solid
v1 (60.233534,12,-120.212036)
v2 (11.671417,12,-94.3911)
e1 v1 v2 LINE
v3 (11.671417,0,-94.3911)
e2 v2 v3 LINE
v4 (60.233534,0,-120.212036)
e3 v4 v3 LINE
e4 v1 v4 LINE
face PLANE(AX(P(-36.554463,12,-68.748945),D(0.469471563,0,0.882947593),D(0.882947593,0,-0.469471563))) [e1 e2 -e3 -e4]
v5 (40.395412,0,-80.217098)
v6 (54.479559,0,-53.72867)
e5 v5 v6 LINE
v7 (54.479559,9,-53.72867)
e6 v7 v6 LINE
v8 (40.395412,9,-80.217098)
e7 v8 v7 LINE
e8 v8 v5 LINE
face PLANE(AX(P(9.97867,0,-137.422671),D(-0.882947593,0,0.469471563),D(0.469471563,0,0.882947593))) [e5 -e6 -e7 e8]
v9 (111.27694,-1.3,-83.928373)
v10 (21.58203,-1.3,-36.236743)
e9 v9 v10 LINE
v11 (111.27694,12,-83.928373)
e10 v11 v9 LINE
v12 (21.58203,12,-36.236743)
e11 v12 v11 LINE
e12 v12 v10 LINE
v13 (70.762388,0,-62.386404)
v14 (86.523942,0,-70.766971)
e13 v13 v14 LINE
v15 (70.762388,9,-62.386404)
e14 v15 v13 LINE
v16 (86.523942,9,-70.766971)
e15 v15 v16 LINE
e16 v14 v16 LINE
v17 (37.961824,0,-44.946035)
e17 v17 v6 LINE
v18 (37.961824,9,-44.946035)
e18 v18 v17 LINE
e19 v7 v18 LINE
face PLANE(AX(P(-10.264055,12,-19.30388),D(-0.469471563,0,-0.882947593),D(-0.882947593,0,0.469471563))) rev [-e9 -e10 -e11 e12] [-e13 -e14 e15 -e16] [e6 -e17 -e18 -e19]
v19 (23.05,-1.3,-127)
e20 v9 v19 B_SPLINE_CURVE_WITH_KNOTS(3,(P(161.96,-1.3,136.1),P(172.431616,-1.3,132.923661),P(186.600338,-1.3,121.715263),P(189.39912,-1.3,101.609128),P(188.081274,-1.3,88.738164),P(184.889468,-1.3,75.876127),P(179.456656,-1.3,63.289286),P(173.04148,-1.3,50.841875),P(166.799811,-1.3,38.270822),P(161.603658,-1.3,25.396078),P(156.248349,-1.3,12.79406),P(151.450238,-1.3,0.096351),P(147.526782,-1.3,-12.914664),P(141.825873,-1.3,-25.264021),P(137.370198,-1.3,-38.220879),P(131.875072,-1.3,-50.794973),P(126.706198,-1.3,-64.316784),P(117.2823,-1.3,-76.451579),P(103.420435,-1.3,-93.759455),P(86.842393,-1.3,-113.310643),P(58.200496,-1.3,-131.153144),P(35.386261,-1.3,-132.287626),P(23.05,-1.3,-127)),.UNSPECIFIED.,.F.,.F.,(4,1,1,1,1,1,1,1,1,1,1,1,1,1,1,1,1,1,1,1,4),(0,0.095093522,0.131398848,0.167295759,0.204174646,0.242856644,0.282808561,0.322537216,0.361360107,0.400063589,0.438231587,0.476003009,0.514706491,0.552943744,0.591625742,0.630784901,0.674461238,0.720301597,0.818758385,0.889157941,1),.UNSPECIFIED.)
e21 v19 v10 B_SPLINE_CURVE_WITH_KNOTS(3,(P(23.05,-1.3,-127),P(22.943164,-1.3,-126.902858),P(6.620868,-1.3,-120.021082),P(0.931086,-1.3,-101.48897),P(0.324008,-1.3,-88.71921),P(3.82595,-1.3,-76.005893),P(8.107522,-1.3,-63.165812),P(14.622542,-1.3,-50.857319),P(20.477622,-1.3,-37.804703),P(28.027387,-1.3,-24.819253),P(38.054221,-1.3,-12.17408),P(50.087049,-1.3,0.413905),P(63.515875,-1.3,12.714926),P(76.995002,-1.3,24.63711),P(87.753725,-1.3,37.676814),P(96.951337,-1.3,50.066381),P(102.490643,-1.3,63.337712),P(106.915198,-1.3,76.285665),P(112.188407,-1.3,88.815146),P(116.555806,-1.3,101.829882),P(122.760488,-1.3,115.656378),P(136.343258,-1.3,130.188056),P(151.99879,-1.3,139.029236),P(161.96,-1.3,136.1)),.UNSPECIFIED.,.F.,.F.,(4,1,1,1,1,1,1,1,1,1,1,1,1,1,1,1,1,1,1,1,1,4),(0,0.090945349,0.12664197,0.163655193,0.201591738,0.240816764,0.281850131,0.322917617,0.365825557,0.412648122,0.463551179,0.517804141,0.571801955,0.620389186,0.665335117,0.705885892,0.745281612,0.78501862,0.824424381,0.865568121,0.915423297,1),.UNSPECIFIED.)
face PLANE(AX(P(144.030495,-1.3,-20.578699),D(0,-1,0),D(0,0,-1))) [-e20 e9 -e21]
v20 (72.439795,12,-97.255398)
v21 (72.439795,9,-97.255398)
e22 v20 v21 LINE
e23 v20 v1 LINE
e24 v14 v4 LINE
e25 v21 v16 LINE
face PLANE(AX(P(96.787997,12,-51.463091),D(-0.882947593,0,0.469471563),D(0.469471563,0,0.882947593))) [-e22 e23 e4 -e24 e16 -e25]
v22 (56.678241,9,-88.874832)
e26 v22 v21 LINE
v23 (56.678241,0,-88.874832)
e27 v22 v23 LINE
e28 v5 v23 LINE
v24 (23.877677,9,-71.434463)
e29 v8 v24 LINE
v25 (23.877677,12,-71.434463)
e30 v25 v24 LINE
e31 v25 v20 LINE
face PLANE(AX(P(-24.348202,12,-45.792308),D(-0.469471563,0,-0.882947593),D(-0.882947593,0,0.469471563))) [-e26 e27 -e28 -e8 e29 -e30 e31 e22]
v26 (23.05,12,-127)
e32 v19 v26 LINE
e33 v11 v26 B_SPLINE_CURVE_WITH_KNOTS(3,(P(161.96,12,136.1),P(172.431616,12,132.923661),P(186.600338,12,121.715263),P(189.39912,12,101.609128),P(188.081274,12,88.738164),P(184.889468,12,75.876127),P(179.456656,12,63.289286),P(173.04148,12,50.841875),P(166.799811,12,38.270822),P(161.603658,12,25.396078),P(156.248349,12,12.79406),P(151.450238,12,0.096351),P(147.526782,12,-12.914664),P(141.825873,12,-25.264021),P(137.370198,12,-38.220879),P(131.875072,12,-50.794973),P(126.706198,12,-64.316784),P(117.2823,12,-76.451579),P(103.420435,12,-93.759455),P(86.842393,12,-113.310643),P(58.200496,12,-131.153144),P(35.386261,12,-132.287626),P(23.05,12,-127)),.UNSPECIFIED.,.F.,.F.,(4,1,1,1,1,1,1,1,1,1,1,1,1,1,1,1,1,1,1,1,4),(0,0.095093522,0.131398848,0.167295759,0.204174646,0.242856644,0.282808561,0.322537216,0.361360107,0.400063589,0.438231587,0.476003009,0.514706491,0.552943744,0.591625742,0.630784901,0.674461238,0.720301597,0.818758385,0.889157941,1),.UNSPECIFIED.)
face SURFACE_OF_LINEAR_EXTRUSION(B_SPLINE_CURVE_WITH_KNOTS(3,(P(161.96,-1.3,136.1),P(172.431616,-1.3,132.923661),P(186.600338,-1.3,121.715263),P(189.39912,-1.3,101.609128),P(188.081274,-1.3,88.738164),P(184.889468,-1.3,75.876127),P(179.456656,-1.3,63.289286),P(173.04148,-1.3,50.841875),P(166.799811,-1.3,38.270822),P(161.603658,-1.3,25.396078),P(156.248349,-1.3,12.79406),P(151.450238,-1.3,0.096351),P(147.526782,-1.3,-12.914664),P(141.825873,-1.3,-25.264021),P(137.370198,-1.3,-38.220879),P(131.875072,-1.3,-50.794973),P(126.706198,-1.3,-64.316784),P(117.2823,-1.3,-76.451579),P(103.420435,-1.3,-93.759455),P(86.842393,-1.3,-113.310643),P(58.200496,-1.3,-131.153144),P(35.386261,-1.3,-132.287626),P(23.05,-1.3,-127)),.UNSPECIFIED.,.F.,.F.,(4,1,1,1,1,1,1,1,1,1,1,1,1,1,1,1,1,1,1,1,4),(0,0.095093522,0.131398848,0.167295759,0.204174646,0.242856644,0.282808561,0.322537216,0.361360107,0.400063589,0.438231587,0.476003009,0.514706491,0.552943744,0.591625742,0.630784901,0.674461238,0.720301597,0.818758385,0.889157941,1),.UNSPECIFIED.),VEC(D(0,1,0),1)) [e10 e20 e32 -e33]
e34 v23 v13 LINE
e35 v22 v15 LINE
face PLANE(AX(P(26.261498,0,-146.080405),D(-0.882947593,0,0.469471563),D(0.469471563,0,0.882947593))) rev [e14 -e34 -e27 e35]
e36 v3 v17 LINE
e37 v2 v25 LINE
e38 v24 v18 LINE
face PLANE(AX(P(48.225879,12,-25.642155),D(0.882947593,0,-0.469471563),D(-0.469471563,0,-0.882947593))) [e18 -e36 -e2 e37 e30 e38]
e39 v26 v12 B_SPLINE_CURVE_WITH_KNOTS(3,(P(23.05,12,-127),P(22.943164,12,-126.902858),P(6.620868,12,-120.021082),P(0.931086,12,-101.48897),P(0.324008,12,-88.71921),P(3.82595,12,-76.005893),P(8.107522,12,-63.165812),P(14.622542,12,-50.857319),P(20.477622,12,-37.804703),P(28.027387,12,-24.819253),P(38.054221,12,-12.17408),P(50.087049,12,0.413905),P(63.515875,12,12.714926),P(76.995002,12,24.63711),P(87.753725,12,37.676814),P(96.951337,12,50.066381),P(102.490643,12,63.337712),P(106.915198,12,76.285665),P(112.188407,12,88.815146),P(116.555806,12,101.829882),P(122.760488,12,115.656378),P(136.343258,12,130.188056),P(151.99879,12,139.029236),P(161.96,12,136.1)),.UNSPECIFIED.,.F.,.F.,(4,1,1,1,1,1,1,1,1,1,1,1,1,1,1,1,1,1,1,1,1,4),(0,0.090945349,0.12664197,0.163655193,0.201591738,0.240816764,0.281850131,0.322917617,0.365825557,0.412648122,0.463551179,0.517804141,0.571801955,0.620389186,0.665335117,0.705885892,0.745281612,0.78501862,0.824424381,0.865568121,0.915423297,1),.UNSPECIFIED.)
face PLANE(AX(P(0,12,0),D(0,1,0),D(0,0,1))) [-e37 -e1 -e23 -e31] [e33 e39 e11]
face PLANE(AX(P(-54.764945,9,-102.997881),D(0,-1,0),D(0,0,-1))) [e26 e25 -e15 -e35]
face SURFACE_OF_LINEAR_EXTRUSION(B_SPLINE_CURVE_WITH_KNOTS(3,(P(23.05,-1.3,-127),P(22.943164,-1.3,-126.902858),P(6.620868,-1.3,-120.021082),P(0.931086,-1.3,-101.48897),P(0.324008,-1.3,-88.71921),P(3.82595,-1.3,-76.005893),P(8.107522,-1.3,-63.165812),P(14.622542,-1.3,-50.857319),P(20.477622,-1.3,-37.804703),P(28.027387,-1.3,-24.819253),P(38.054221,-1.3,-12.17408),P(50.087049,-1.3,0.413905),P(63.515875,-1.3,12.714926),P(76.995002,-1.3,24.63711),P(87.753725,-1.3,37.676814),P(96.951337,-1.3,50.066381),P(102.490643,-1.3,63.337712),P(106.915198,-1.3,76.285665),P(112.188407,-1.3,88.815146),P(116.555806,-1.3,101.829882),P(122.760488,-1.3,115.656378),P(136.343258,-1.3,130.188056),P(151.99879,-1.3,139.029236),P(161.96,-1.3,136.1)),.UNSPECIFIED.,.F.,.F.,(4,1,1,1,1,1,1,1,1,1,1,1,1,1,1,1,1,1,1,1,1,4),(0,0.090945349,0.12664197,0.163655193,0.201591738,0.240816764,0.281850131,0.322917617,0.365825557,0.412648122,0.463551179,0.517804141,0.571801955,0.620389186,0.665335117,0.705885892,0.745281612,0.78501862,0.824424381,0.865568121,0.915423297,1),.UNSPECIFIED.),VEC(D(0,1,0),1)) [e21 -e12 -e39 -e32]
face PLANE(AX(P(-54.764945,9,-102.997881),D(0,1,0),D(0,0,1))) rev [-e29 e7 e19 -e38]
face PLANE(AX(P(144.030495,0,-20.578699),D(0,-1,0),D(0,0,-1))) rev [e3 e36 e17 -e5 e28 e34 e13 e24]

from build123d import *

# Parameters (mm, degrees)
BOSS_EXTRUDE1_DEPTH               = 1.3
BOSS_EXTRUDE2_DEPTH               = 12
CUT_TO_REMOVE_BOT_SOLE_DEPTH      = 234.592504803
CUT_TO_REMOVE_BOT_SOLE_DEPTH_BACK = 234.592504803
CUT_EXTRUDE4_REACH                = 167.31
SKETCH7_W                         = 18.70749212
SKETCH7_H                         = 9
SKETCH7_W_2                       = 17.851063772


with BuildPart() as part:
    # Sketch2 → Boss-Extrude1 (new body)
    with BuildSketch(Plane(origin=(0, 0, 0), x_dir=(1, 0, 0), z_dir=(0, 1, 0))):
        with BuildLine():
            add(Edge.make_bspline(
                [(23.05, 127), (22.943163576, 126.902857828), (6.620867571, 120.021081895), (0.931086245, 101.488970464), (0.324008086, 88.719210316), (3.825949637, 76.00589269), (8.107522159, 63.165811678), (14.622542207, 50.857319444), (20.477621735, 37.804703348), (28.027386546, 24.819252915), (38.054220669, 12.174080363), (50.087048562, -0.413905353), (63.515875121, -12.714926203), (76.995002025, -24.637109723), (87.753725412, -37.676814115), (96.95133677, -50.066381), (102.490643182, -63.337711531), (106.915198332, -76.285665463), (112.18840739, -88.815145737), (116.555805718, -101.829881852), (122.760488068, -115.656378348), (136.34325775, -130.188055829), (151.998790453, -139.029236195), (161.96, -136.1)],
                knots=[0, 0, 0, 0, 0.090945349, 0.12664197, 0.163655193, 0.201591738, 0.240816764, 0.281850131, 0.322917617, 0.365825557, 0.412648122, 0.463551179, 0.517804141, 0.571801955, 0.620389186, 0.665335117, 0.705885892, 0.745281612, 0.78501862, 0.824424381, 0.865568121, 0.915423297, 1, 1, 1, 1], degree=3))
            add(Edge.make_bspline(
                [(161.96, -136.1), (172.431616467, -132.923660625), (186.600337708, -121.715263252), (189.399120136, -101.609128058), (188.081273674, -88.738164313), (184.889467755, -75.876127028), (179.456656008, -63.289286222), (173.0414801, -50.841874911), (166.79981093, -38.270821821), (161.60365795, -25.396077846), (156.248349303, -12.794060465), (151.450238349, -0.096351247), (147.526781794, 12.914664382), (141.825873335, 25.26402088), (137.37019782, 38.220879174), (131.875071866, 50.794972902), (126.706198444, 64.316783566), (117.282300149, 76.451578571), (103.420435284, 93.759455253), (86.842392664, 113.310643183), (58.200495652, 131.153143927), (35.386261, 132.287626366), (23.05, 127)],
                knots=[0, 0, 0, 0, 0.095093522, 0.131398848, 0.167295759, 0.204174646, 0.242856644, 0.282808561, 0.322537216, 0.361360107, 0.400063589, 0.438231587, 0.476003009, 0.514706491, 0.552943744, 0.591625742, 0.630784901, 0.674461238, 0.720301597, 0.818758385, 0.889157941, 1, 1, 1, 1], degree=3))
        make_face()
    extrude(amount=-BOSS_EXTRUDE1_DEPTH)

    # Sketch3 → Boss-Extrude2 (add)
    with BuildSketch(Plane(origin=(0, 0, 0), x_dir=(1, 0, 0), z_dir=(0, 1, 0))):
        with BuildLine():
            add(Edge.make_bspline(
                [(23.05, 127), (22.943163576, 126.902857828), (6.620867571, 120.021081895), (0.931086245, 101.488970464), (0.324008086, 88.719210316), (3.825949637, 76.00589269), (8.107522159, 63.165811678), (14.622542207, 50.857319444), (18.754484417, 41.646060206), (21.253091273, 36.855386406), (21.582029576, 36.236743436)],
                knots=[0, 0, 0, 0, 0.090945349, 0.12664197, 0.163655193, 0.201591738, 0.240816764, 0.281850131, 0.322917617, 0.329035738, 0.329035738, 0.329035738, 0.329035738], degree=3))
            Line((21.582029576, 36.236743436), (111.276939854, 83.928373203))
            add(Edge.make_bspline(
                [(111.276939854, 83.928373203), (109.94087902, 85.589385686), (101.272885125, 96.292152129), (86.842392664, 113.310643183), (58.200495652, 131.153143927), (35.386261, 132.287626366), (23.05, 127)],
                knots=[0.702273444, 0.702273444, 0.702273444, 0.702273444, 0.720301597, 0.818758385, 0.889157941, 1, 1, 1, 1], degree=3))
        make_face()
        Polygon((23.877677337, 71.434462523), (11.671416705, 94.391099938), (60.233534312, 120.212035891), (72.439794944, 97.255398476), align=None, mode=Mode.SUBTRACT)
    extrude(amount=BOSS_EXTRUDE2_DEPTH)

    # Sketch6 → Cut to remove bot sole (cut, two sides: drawn at the far end of the back side and taken through both)
    with BuildSketch(Plane(origin=(0, 0, 0), x_dir=(1, 0, 0), z_dir=(0, 1, 0)).offset(-CUT_TO_REMOVE_BOT_SOLE_DEPTH_BACK)):
        with BuildLine():
            Line((111.276939854, 83.928373203), (21.582029576, 36.236743436))
            add(Edge.make_bspline(
                [(21.582029576, 36.236743436), (23.560019233, 32.51668594), (28.463593854, 24.269137433), (38.054220669, 12.174080363), (50.087048562, -0.413905353), (63.515875121, -12.714926203), (76.995002025, -24.637109723), (87.753725412, -37.676814115), (96.95133677, -50.066381), (102.490643182, -63.337711531), (106.915198332, -76.285665463), (112.18840739, -88.815145737), (116.555805718, -101.829881852), (122.760488068, -115.656378348), (136.34325775, -130.188055829), (151.998790453, -139.029236195), (161.96, -136.1)],
                knots=[0.329035738, 0.329035738, 0.329035738, 0.329035738, 0.365825557, 0.412648122, 0.463551179, 0.517804141, 0.571801955, 0.620389186, 0.665335117, 0.705885892, 0.745281612, 0.78501862, 0.824424381, 0.865568121, 0.915423297, 1, 1, 1, 1], degree=3))
            add(Edge.make_bspline(
                [(161.96, -136.1), (172.431616467, -132.923660625), (186.600337708, -121.715263252), (189.399120136, -101.609128058), (188.081273674, -88.738164313), (184.889467755, -75.876127028), (179.456656008, -63.289286222), (173.0414801, -50.841874911), (166.79981093, -38.270821821), (161.60365795, -25.396077846), (156.248349303, -12.794060465), (151.450238349, -0.096351247), (147.526781794, 12.914664382), (141.825873335, 25.26402088), (137.37019782, 38.220879174), (131.875071866, 50.794972902), (126.706198444, 64.316783566), (118.602637041, 74.751431029), (113.338093865, 81.365913132), (111.276939854, 83.928373203)],
                knots=[0, 0, 0, 0, 0.095093522, 0.131398848, 0.167295759, 0.204174646, 0.242856644, 0.282808561, 0.322537216, 0.361360107, 0.400063589, 0.438231587, 0.476003009, 0.514706491, 0.552943744, 0.591625742, 0.630784901, 0.674461238, 0.702273444, 0.702273444, 0.702273444, 0.702273444], degree=3))
        make_face()
    extrude(amount=CUT_TO_REMOVE_BOT_SOLE_DEPTH + CUT_TO_REMOVE_BOT_SOLE_DEPTH_BACK, mode=Mode.SUBTRACT)

    # Sketch7 → Cut-Extrude4 (cut, up to next)
    with BuildSketch(Plane(origin=(-10.264055011, 0, -19.3038799), x_dir=(0.8829475928589329, 0, -0.46947156278587965), z_dir=(0.46947156278587965, 0, 0.8829475928589329)), mode=Mode.PRIVATE) as cut_extrude4_sk1:
        with Locations((63.972932545, 4.5)):
            Rectangle(SKETCH7_W, SKETCH7_H)
    cut_extrude4_tool1 = extrude(cut_extrude4_sk1.sketch, amount=-CUT_EXTRUDE4_REACH, mode=Mode.PRIVATE) & part.part
    # Sketch7 → Cut-Extrude4 (cut, up to next)
    with BuildSketch(Plane(origin=(-10.264055011, 0, -19.3038799), x_dir=(0.8829475928589329, 0, -0.46947156278587965), z_dir=(0.46947156278587965, 0, 0.8829475928589329)), mode=Mode.PRIVATE) as cut_extrude4_sk2:
        with Locations((100.693654599, 4.5)):
            Rectangle(SKETCH7_W_2, SKETCH7_H)
    cut_extrude4_tool2 = extrude(cut_extrude4_sk2.sketch, amount=-CUT_EXTRUDE4_REACH, mode=Mode.PRIVATE) & part.part
    add(cut_extrude4_tool1.solids().sort_by_distance((46.220692, 4.5, -49.337353))[0], mode=Mode.SUBTRACT)
    add(cut_extrude4_tool2.solids().sort_by_distance((78.643165, 4.5, -66.576687))[0], mode=Mode.SUBTRACT)


solid = part.part
